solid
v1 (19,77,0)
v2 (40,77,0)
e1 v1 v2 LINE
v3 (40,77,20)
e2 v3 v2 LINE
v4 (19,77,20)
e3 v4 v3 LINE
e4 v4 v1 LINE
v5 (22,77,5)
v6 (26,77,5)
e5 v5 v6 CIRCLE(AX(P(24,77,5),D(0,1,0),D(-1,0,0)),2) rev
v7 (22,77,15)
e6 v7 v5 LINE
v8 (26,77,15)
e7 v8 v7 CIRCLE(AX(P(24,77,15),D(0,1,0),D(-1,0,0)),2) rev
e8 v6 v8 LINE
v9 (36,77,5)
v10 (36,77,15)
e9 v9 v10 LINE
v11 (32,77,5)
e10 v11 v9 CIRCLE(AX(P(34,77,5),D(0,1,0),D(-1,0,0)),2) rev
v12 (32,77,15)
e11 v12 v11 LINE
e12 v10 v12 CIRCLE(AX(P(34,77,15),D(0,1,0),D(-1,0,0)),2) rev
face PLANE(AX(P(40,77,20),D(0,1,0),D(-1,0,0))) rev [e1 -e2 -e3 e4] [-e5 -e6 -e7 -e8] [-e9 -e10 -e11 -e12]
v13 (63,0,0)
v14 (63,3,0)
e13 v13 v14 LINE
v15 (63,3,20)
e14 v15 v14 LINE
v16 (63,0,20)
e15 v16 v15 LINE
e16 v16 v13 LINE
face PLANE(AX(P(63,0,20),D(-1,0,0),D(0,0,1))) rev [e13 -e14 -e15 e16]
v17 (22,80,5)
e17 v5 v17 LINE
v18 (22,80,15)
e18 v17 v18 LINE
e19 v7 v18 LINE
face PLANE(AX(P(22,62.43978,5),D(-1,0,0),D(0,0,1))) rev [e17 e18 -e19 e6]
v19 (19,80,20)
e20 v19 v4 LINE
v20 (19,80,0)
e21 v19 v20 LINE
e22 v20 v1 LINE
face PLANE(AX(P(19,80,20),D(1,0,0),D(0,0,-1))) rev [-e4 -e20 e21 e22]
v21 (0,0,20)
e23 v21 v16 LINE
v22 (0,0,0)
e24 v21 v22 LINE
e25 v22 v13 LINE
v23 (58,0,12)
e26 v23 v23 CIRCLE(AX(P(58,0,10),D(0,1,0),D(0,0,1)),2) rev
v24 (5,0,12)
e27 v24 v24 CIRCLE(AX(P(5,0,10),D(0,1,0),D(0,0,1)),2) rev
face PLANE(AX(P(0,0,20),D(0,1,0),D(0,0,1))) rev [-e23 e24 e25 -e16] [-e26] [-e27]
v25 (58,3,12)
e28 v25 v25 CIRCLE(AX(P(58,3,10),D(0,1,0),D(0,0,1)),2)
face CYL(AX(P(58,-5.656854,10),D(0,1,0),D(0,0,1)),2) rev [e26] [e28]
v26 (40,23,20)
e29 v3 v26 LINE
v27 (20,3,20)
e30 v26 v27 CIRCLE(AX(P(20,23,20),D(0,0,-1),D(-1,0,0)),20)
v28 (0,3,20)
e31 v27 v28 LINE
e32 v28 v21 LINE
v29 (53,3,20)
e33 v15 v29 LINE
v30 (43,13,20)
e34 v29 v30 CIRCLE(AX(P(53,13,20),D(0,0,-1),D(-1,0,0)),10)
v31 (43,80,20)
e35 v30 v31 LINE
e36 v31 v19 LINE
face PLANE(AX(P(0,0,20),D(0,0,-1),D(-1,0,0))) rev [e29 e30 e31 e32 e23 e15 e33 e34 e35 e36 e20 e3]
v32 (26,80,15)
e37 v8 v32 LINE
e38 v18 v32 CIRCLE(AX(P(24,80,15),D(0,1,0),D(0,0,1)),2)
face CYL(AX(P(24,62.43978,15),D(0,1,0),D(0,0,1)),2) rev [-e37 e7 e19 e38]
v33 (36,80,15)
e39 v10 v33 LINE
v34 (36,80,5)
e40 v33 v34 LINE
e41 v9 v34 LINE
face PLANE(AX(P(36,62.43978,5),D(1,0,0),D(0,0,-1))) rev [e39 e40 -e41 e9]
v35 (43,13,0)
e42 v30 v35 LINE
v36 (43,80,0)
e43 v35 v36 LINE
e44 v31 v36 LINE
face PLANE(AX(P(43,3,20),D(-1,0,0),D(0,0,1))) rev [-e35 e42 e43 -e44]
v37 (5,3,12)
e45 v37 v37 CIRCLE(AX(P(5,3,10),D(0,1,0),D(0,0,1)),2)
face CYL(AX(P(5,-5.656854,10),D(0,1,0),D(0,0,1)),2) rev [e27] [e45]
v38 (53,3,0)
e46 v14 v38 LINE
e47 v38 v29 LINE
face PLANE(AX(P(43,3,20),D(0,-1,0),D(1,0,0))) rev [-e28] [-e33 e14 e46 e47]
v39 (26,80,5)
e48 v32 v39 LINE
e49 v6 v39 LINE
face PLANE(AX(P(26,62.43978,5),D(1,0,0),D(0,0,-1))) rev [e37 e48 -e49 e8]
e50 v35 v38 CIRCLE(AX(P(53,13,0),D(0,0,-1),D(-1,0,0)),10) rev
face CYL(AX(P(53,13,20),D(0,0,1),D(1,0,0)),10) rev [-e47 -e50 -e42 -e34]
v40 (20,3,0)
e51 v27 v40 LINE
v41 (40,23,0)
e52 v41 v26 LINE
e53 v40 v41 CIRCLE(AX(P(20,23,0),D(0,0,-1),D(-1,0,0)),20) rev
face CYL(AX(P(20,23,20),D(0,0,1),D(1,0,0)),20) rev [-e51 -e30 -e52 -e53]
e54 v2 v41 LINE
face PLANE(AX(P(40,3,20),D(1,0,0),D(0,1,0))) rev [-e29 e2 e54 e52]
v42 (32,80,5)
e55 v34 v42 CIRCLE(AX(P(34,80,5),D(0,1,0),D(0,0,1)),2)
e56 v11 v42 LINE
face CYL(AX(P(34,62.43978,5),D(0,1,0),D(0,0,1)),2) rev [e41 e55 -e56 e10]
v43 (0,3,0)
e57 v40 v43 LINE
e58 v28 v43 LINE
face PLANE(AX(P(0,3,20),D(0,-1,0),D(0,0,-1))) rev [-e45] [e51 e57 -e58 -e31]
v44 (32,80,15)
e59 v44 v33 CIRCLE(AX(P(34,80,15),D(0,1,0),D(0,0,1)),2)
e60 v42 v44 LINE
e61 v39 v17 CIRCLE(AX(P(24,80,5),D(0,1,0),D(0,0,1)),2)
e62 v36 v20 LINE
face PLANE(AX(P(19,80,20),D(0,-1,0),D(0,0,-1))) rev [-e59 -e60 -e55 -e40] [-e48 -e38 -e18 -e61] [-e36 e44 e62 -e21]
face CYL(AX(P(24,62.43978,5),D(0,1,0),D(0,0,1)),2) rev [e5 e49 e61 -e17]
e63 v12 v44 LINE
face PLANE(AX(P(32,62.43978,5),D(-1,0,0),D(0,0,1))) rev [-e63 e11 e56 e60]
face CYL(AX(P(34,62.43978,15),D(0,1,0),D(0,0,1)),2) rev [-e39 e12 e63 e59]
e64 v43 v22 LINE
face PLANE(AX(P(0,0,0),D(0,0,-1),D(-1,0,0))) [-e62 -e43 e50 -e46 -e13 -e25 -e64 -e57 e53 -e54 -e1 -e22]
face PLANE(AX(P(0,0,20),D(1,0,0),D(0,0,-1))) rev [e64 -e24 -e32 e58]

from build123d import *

# Parameters (mm, degrees)
BOSS_EXTRU_1_DEPTH      = 20
ENL_V_MAT_EXTRU_1_DEPTH = 3
CONG_1_R                = 20
CONG_2_R                = 10
ESQUISSE3_R             = 2
ENL_V_MAT_EXTRU_2_DEPTH = 3


with BuildPart() as part:
    # Esquisse1 → Boss.-Extru.1 (new body)
    with BuildSketch(Plane.XY):
        Polygon((43, 3), (63, 3), (63, 0), (0, 0), (0, 3), (40, 3), (40, 77), (19, 77), (19, 80), (43, 80), align=None)
    extrude(amount=BOSS_EXTRU_1_DEPTH)

    # Esquisse2 → Enlèv. mat.-Extru.1 (cut)
    with BuildSketch(Plane(origin=(0, 80, 0), x_dir=(1, 0, 0), z_dir=(0, 1, 0))):
        with BuildLine():
            Line((26, -5), (26, -15))
            ThreePointArc((26, -15), (24, -17), (22, -15))
            Line((22, -15), (22, -5))
            ThreePointArc((22, -5), (24, -3), (26, -5))
        make_face()
        with BuildLine():
            Line((36, -5), (36, -15))
            ThreePointArc((36, -15), (34, -17), (32, -15))
            Line((32, -15), (32, -5))
            ThreePointArc((32, -5), (34, -3), (36, -5))
        make_face()
    extrude(amount=-ENL_V_MAT_EXTRU_1_DEPTH, mode=Mode.SUBTRACT)

    # Congé1
    cong_1_edges = [part.edges().sort_by_distance(p)[0] for p in [
        (40, 3, 10),
    ]]
    fillet(cong_1_edges, radius=CONG_1_R)

    # Congé2
    cong_2_edges = [part.edges().sort_by_distance(p)[0] for p in [
        (43, 3, 10),
    ]]
    fillet(cong_2_edges, radius=CONG_2_R)

    # Esquisse3 → Enlèv. mat.-Extru.2 (cut)
    with BuildSketch(Plane(origin=(0, 3, 0), x_dir=(1, 0, 0), z_dir=(0, 1, 0))):
        with Locations((5, -10)):
            Circle(ESQUISSE3_R)
        with Locations((58, -10)):
            Circle(ESQUISSE3_R)
    extrude(amount=-ENL_V_MAT_EXTRU_2_DEPTH, mode=Mode.SUBTRACT)


solid = part.part
